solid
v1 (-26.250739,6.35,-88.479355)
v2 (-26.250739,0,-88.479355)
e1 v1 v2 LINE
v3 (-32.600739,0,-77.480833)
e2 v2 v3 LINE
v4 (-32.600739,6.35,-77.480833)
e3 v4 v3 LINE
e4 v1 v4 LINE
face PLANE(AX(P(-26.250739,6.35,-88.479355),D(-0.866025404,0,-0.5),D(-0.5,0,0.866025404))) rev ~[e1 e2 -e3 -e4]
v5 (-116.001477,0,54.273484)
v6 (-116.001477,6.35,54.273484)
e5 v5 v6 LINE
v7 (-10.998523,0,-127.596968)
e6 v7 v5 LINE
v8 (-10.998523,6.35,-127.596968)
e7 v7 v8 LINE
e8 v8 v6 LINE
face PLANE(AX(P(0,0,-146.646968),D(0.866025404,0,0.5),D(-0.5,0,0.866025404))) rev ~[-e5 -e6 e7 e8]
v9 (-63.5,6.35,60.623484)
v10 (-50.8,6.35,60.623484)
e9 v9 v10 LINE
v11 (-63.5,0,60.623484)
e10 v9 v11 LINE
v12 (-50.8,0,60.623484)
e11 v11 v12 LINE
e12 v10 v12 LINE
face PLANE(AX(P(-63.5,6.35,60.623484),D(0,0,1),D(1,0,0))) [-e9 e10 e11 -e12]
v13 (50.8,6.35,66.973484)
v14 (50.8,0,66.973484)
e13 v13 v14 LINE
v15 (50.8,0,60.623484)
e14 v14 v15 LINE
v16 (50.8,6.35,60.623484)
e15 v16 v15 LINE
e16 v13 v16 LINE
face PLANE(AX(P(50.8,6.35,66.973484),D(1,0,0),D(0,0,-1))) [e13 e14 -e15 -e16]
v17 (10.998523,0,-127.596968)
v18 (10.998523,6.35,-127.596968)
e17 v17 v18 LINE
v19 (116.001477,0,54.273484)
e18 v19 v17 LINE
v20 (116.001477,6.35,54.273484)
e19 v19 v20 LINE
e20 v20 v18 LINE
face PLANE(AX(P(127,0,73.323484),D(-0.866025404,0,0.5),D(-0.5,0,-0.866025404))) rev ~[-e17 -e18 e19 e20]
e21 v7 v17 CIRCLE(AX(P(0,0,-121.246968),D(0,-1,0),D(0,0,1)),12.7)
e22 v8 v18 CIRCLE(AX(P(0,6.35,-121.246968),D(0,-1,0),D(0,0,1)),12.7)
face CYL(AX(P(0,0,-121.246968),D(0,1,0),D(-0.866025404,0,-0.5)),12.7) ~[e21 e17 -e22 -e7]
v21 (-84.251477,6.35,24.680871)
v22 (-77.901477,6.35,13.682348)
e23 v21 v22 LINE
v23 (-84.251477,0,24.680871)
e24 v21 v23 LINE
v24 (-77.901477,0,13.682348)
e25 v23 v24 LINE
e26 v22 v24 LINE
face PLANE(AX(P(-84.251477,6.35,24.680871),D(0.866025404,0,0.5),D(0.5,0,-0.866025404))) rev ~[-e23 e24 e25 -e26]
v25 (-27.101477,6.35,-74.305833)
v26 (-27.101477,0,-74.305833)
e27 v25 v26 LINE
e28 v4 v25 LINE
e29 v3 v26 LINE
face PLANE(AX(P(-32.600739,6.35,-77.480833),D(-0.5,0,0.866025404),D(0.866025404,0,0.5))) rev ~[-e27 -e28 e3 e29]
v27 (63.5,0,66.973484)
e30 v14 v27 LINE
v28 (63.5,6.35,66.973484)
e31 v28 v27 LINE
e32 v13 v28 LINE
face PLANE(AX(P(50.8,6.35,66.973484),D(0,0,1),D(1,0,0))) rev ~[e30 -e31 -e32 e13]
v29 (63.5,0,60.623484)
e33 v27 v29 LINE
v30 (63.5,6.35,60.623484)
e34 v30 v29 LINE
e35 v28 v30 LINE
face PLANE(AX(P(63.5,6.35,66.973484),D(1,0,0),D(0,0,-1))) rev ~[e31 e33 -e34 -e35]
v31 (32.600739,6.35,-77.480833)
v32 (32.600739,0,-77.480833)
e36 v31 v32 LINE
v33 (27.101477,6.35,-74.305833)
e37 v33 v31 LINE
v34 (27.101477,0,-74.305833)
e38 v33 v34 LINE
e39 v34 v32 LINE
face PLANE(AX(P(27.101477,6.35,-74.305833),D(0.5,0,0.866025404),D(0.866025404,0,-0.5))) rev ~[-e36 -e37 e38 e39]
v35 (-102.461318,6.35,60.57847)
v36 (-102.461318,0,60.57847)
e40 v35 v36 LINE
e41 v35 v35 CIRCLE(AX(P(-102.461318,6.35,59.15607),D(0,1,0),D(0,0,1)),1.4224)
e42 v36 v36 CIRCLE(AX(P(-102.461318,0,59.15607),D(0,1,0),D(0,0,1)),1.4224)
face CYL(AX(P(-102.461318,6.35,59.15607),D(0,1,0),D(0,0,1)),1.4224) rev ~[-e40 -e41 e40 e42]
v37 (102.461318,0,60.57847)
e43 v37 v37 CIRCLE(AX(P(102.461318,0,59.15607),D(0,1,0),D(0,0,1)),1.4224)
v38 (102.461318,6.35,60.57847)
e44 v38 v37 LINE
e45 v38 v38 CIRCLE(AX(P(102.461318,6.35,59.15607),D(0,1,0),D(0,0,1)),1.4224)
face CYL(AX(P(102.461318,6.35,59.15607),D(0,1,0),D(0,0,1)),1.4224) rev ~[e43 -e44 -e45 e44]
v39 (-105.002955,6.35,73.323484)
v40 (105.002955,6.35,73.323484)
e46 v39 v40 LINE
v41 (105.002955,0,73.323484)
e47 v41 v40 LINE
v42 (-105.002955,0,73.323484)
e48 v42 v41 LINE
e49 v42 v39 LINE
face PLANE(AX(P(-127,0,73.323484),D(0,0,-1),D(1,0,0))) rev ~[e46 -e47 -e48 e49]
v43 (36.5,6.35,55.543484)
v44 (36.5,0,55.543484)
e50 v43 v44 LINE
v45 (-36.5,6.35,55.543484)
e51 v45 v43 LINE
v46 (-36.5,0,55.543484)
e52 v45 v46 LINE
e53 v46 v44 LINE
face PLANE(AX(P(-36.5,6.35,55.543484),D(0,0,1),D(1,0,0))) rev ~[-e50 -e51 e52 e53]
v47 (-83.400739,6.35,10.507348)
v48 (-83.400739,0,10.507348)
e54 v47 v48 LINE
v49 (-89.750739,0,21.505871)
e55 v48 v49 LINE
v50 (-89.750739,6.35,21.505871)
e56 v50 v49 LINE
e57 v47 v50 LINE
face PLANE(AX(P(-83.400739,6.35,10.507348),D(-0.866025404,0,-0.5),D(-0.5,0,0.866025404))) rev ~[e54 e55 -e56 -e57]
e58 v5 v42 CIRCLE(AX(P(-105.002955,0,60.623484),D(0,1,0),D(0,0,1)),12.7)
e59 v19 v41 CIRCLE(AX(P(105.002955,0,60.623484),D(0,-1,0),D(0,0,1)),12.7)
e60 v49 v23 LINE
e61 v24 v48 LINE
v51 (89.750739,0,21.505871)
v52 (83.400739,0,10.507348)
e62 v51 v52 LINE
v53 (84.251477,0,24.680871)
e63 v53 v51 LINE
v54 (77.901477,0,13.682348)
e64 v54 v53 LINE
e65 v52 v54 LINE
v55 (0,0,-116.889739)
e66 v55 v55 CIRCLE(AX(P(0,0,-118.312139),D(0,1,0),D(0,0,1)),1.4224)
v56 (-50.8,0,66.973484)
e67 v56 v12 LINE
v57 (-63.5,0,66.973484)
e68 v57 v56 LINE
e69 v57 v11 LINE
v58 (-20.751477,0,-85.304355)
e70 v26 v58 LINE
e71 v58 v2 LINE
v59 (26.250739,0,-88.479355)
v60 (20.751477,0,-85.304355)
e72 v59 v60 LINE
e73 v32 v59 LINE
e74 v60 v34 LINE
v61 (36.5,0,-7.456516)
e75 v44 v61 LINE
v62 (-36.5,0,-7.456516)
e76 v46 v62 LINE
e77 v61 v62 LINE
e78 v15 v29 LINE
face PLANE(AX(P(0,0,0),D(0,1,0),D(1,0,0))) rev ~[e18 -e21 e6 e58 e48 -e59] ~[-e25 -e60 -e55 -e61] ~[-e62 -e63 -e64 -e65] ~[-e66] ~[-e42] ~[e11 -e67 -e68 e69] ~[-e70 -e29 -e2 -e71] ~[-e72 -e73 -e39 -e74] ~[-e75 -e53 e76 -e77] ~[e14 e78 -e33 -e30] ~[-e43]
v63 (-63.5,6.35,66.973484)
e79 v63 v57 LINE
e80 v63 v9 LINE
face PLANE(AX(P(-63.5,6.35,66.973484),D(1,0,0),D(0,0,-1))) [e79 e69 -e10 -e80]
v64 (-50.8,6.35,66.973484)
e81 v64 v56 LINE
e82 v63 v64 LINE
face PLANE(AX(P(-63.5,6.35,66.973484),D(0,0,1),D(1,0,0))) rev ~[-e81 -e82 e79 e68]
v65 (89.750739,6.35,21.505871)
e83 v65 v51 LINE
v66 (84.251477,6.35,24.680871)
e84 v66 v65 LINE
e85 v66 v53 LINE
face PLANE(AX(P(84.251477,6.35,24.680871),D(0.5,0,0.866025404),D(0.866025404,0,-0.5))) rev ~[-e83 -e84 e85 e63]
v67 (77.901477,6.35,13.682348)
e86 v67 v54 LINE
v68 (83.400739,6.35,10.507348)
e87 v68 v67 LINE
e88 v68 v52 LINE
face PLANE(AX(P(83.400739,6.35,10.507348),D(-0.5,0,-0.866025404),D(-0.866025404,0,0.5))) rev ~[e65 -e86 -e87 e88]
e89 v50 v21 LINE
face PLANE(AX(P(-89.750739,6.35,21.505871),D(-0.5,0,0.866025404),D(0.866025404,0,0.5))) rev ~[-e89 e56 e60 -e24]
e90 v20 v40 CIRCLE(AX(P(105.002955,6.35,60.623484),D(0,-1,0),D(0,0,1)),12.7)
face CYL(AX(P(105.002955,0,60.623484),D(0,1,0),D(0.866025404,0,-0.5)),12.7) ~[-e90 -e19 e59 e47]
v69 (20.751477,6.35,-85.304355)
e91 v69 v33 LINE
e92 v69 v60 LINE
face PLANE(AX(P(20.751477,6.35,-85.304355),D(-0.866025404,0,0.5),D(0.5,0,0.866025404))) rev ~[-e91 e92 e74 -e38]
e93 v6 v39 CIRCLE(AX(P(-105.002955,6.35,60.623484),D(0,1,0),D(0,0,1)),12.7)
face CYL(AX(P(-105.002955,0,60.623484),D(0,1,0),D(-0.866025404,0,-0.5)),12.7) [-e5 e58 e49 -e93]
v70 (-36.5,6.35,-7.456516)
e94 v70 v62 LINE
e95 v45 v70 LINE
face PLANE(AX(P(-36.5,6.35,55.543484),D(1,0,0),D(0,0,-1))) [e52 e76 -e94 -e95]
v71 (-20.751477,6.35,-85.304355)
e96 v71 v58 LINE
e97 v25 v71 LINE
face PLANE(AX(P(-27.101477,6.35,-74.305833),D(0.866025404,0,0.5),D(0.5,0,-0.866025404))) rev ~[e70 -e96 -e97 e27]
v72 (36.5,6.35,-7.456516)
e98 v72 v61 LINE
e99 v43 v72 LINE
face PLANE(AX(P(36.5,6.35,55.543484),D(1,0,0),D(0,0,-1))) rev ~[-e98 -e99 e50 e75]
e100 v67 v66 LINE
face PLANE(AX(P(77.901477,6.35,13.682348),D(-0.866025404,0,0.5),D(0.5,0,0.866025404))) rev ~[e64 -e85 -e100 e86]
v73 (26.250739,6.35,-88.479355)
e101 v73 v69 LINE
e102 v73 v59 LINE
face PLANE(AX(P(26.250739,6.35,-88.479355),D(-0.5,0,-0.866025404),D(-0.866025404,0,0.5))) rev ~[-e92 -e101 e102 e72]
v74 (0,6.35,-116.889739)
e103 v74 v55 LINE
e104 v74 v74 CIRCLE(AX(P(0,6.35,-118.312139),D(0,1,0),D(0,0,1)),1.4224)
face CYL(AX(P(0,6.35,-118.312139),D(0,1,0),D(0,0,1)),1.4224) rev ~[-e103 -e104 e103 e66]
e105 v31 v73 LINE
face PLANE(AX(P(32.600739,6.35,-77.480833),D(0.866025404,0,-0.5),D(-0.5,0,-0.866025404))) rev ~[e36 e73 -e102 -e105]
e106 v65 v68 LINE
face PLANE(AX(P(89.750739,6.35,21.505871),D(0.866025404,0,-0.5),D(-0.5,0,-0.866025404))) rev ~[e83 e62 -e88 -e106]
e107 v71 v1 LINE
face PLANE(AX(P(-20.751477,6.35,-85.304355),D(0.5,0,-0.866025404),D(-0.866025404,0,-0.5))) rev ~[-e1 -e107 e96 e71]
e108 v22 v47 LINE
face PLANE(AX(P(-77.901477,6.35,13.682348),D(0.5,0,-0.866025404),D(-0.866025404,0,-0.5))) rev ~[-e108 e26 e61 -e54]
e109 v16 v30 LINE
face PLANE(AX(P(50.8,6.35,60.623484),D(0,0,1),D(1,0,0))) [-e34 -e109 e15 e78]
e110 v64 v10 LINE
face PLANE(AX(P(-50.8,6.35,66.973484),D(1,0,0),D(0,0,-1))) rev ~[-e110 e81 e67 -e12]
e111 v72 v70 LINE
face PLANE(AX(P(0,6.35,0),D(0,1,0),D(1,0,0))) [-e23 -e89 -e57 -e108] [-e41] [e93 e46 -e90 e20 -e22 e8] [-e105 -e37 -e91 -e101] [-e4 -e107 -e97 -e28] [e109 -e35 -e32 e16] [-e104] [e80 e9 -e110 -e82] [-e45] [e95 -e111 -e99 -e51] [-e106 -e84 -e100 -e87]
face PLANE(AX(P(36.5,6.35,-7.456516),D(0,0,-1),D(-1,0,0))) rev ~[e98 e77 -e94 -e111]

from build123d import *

# Parameters (mm, degrees)
BOSS_EXTRUDE1_DEPTH = 6.35
SKETCH2_W           = 36.5
SKETCH2_H           = 63
SKETCH2_R           = 1.4224
CUT_EXTRUDE2_DEPTH  = 195.099602868
FILLET1_R           = 12.7
SKETCH3_W           = 12.7
SKETCH3_H           = 6.35
CUT_EXTRUDE3_DEPTH  = 179.426731159


with BuildPart() as part:
    # Sketch1 → Boss-Extrude1 (new body)
    with BuildSketch(Plane(origin=(0, 0, 0), x_dir=(1, 0, 0), z_dir=(0, 1, 0))):
        Polygon((0, 146.646968374), (-127, -73.323484187), (127, -73.323484187), align=None)
    extrude(amount=BOSS_EXTRUDE1_DEPTH)

    # Sketch2 → Cut-Extrude2 (cut, through all)
    with BuildSketch(Plane(origin=(0, 6.35, 0), x_dir=(1, 0, 0), z_dir=(0, 1, 0))):
        with Locations((-18.25, -24.043484187)):
            Rectangle(SKETCH2_W, SKETCH2_H)
        with Locations((18.25, -24.043484187)):
            Rectangle(SKETCH2_W, SKETCH2_H)
        with Locations(Location((0, 118.312139176, 0), (0, 0, 270))):
            Circle(SKETCH2_R)
        with Locations(Location((-102.461318102, -59.156069588, 0), (0, 0, 270))):
            Circle(SKETCH2_R)
        with Locations(Location((102.461318102, -59.156069588, 0), (0, 0, 270))):
            Circle(SKETCH2_R)
    extrude(amount=-CUT_EXTRUDE2_DEPTH, mode=Mode.SUBTRACT)

    # Fillet1
    fillet1_edges = [part.edges().sort_by_distance(p)[0] for p in [
        (127, 3.175, 73.323484187),
        (-127, 3.175, 73.323484187),
        (0, 3.175, -146.646968374),
    ]]
    fillet(fillet1_edges, radius=FILLET1_R)

    # Sketch3 → Cut-Extrude3 (cut, through all)
    with BuildSketch(Plane(origin=(0, 6.35, 0), x_dir=(1, 0, 0), z_dir=(0, 1, 0))):
        Polygon((-26.250738686, 88.479355234), (-32.600738686, 77.480832606), (-27.101477372, 74.305832606), (-20.751477372, 85.304355234), align=None)
        Polygon((-77.901477372, -13.682348419), (-83.400738686, -10.507348419), (-89.750738686, -21.505871047), (-84.251477372, -24.680871047), align=None)
        with Locations((-57.15, -63.798484187)):
            Rectangle(SKETCH3_W, SKETCH3_H)
        with Locations((57.15, -63.798484187)):
            Rectangle(SKETCH3_W, SKETCH3_H)
        Polygon((89.750738686, -21.505871047), (83.400738686, -10.507348419), (77.901477372, -13.682348419), (84.251477372, -24.680871047), align=None)
        Polygon((27.101477372, 74.305832606), (32.600738686, 77.480832606), (26.250738686, 88.479355234), (20.751477372, 85.304355234), align=None)
    extrude(amount=-CUT_EXTRUDE3_DEPTH, mode=Mode.SUBTRACT)


solid = part.part
